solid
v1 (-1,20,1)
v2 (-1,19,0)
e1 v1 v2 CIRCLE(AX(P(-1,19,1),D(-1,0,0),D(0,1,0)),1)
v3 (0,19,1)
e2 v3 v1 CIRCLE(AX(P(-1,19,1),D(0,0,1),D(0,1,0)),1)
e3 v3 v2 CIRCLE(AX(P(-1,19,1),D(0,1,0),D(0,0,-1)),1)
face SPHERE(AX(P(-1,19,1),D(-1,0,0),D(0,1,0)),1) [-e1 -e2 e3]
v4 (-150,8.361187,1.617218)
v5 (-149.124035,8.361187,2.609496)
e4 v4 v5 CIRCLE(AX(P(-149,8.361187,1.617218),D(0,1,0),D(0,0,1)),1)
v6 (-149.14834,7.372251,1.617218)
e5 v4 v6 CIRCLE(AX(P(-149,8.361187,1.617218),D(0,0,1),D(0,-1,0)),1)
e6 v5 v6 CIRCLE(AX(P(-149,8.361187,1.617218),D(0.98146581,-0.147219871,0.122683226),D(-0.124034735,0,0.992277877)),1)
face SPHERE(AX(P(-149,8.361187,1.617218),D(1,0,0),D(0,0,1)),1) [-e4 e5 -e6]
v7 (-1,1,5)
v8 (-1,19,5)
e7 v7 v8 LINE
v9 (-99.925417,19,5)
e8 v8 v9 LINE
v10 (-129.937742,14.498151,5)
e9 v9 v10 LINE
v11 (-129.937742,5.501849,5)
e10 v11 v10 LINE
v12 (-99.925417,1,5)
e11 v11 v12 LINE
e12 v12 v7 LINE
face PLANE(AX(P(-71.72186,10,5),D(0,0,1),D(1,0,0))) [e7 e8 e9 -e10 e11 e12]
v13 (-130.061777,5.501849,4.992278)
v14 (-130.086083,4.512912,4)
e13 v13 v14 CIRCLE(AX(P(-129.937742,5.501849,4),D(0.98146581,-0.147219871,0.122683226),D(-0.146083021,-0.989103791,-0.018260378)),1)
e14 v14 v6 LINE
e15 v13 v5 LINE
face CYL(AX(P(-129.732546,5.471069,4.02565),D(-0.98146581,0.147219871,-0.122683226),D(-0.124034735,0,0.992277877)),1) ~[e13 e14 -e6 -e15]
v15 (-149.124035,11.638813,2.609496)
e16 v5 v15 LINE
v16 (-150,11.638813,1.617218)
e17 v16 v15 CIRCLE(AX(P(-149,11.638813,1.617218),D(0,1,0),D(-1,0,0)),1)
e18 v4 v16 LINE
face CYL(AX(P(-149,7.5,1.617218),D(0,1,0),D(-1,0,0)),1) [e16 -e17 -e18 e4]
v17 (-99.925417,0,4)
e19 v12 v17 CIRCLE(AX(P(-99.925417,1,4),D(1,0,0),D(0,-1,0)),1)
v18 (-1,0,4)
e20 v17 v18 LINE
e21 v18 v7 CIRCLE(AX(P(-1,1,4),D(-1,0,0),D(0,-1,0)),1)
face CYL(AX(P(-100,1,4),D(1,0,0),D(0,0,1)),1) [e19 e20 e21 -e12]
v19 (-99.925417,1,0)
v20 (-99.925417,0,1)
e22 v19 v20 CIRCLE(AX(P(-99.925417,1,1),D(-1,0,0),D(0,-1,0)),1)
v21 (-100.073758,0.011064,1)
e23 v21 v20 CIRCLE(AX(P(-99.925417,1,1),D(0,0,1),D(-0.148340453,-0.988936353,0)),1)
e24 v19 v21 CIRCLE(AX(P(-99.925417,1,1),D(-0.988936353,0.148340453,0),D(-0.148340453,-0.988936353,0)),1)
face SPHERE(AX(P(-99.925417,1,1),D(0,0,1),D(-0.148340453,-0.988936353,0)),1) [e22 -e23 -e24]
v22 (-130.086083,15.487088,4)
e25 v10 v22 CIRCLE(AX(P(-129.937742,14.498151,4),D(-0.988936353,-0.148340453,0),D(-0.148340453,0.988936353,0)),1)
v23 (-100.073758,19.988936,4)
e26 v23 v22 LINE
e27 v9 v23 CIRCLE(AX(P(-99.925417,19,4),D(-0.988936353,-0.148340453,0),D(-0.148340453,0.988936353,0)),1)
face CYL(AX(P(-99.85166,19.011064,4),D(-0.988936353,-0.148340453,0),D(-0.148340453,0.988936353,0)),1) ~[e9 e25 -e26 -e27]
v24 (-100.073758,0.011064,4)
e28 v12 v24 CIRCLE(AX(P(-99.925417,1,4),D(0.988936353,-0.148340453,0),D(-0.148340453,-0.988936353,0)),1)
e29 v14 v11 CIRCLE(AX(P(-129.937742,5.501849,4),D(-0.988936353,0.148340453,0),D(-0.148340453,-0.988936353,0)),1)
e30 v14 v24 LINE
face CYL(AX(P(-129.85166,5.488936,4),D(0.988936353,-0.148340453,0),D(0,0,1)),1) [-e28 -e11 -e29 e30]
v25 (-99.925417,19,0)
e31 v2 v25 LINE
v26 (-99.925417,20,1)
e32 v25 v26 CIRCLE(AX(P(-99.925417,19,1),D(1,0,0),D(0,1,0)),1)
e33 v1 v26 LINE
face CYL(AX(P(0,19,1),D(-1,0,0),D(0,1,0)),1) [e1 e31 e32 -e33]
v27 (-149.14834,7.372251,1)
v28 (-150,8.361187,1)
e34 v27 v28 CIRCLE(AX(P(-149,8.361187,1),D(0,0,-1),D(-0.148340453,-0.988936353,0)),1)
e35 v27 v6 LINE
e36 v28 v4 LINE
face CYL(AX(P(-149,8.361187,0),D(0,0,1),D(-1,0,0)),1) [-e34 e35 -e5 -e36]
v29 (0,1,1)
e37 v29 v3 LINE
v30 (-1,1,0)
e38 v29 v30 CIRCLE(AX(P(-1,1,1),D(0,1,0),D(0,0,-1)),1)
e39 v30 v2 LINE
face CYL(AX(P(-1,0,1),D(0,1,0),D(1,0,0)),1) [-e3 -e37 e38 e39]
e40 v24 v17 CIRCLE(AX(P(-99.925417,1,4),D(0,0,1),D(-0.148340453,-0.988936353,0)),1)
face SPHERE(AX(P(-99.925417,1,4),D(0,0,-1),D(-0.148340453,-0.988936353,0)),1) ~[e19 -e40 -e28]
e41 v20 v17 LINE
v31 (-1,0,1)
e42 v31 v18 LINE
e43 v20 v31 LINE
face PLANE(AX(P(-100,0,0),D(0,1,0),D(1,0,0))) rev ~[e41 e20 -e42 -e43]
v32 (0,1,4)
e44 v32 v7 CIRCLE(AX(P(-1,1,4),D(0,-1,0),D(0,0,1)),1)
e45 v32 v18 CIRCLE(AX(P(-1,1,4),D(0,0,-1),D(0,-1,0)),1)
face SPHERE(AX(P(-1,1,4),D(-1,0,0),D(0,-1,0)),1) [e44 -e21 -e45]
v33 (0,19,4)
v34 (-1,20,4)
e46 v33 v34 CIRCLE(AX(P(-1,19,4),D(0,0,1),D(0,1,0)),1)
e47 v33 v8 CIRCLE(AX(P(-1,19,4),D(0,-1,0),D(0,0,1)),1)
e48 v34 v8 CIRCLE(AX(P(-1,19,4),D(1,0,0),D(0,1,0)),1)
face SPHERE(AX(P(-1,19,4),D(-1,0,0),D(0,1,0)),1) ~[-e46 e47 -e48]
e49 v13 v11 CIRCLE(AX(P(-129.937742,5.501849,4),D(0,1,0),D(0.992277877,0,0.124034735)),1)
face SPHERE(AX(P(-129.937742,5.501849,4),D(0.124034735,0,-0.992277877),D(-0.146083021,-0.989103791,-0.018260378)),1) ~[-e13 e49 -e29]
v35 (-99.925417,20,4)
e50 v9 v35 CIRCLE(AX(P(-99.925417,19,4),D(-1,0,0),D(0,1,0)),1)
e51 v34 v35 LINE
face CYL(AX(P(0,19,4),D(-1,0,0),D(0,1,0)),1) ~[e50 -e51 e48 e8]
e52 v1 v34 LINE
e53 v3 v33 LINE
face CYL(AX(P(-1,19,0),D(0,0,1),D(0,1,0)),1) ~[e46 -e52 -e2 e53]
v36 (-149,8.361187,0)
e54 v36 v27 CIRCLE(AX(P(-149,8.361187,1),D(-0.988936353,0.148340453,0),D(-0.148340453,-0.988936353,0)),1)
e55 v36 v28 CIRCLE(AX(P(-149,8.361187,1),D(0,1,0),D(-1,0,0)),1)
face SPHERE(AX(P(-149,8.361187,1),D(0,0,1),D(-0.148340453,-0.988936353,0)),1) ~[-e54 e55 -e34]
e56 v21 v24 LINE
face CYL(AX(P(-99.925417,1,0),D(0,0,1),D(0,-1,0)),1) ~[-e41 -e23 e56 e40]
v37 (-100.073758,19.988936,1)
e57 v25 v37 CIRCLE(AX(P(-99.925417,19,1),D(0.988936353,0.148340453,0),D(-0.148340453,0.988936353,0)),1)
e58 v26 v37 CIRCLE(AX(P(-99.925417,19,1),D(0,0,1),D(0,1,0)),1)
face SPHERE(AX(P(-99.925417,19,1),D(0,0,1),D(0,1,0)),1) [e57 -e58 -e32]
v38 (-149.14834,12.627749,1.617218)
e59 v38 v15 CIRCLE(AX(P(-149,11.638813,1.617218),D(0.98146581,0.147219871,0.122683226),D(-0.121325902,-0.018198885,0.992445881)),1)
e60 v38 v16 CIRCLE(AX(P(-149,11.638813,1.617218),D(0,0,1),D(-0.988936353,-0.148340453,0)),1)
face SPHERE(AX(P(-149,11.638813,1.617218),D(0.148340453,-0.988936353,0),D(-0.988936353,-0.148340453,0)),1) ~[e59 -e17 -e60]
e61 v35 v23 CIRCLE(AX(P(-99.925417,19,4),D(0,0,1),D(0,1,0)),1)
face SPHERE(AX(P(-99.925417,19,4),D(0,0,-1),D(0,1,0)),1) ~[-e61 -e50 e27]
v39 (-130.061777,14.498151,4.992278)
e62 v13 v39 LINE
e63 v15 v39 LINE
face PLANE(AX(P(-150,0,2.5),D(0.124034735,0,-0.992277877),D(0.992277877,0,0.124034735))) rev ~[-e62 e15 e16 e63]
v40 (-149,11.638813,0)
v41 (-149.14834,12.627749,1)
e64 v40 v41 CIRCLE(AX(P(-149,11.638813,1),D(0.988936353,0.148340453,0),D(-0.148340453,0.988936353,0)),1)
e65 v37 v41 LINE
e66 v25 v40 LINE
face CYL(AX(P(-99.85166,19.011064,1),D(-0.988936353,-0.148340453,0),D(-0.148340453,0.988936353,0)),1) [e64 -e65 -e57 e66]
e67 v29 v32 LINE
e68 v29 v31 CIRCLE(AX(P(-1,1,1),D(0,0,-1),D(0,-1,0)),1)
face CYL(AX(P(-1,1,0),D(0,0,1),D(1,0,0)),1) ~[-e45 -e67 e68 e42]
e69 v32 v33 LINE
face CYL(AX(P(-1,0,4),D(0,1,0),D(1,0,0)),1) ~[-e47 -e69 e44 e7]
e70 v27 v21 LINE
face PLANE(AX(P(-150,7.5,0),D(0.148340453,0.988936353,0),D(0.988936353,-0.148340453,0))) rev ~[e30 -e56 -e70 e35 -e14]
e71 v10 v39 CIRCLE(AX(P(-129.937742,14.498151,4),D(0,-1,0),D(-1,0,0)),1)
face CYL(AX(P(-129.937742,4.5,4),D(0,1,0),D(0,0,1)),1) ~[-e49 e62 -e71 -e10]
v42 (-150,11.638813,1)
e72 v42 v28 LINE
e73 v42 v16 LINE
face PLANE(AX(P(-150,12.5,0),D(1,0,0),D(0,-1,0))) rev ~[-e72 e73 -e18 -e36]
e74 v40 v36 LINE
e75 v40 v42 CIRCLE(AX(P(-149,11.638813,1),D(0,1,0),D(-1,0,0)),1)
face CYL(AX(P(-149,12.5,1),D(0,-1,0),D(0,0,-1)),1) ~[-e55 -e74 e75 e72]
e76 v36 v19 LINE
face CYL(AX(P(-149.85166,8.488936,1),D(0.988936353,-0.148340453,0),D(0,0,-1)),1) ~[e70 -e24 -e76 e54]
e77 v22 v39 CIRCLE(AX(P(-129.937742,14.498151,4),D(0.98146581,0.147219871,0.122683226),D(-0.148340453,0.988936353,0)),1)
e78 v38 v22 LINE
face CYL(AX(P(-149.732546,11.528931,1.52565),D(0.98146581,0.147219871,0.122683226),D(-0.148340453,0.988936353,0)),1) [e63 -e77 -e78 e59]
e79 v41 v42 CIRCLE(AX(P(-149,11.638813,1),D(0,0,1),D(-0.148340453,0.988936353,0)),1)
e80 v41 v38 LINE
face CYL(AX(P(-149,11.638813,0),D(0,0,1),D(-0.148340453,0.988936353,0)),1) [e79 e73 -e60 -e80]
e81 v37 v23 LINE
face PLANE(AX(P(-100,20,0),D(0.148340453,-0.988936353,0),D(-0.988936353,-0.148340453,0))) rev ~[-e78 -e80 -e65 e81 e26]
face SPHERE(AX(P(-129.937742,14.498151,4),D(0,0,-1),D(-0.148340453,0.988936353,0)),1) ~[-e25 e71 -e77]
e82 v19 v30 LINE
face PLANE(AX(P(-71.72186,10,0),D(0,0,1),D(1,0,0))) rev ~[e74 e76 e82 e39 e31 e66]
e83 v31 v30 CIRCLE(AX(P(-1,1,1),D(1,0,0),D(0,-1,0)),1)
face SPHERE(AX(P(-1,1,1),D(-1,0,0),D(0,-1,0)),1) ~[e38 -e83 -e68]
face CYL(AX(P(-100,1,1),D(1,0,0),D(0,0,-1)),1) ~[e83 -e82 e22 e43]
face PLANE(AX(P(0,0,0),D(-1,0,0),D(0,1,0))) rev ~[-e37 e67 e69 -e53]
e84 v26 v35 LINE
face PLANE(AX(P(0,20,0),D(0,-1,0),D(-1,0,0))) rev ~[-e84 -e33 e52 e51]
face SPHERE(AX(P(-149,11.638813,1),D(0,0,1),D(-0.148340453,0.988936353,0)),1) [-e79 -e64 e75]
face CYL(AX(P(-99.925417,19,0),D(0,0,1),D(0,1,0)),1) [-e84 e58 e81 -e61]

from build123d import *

# Parameters (mm, degrees)
F1_DEPTH = 5
F3_DEPTH = 20.001
F4_R     = 1


with BuildPart() as f1:
    # F0 (on Top) → F1 (new body)
    with BuildSketch(Plane.XY):
        Polygon((0, 20), (-100, 20), (-150, 12.5), (-150, 7.5), (-100, 0), (0, 0), align=None)
    extrude(amount=F1_DEPTH)

    # F2 (on face) → F3 (cut, through all)
    with BuildSketch(Plane.XZ):
        Polygon((-150, 5), (-150, 2.5), (-130, 5), align=None)
    extrude(amount=-F3_DEPTH, mode=Mode.SUBTRACT)

    # F4
    f4_edges = [f1.edges().sort_by_distance(p)[0] for p in [
        (-115, 2.25, 5),
        (-140, 6, 3.75),
        (-150, 10, 2.5),
        (-150, 10, 0),
        (-150, 7.5, 1.25),
        (-150, 12.5, 1.25),
        (-140, 14, 3.75),
        (-115, 17.75, 5),
        (-125, 16.25, 0),
        (-130, 10, 5),
        (-125, 3.75, 0),
        (-50, 0, 0),
        (-50, 0, 5),
        (-100, 0, 2.5),
        (-100, 20, 2.5),
        (-50, 20, 5),
        (-50, 20, 0),
        (0, 20, 2.5),
        (0, 0, 2.5),
        (0, 10, 5),
        (0, 10, 0),
    ]]
    fillet(f4_edges, radius=F4_R)


solid = f1.part
